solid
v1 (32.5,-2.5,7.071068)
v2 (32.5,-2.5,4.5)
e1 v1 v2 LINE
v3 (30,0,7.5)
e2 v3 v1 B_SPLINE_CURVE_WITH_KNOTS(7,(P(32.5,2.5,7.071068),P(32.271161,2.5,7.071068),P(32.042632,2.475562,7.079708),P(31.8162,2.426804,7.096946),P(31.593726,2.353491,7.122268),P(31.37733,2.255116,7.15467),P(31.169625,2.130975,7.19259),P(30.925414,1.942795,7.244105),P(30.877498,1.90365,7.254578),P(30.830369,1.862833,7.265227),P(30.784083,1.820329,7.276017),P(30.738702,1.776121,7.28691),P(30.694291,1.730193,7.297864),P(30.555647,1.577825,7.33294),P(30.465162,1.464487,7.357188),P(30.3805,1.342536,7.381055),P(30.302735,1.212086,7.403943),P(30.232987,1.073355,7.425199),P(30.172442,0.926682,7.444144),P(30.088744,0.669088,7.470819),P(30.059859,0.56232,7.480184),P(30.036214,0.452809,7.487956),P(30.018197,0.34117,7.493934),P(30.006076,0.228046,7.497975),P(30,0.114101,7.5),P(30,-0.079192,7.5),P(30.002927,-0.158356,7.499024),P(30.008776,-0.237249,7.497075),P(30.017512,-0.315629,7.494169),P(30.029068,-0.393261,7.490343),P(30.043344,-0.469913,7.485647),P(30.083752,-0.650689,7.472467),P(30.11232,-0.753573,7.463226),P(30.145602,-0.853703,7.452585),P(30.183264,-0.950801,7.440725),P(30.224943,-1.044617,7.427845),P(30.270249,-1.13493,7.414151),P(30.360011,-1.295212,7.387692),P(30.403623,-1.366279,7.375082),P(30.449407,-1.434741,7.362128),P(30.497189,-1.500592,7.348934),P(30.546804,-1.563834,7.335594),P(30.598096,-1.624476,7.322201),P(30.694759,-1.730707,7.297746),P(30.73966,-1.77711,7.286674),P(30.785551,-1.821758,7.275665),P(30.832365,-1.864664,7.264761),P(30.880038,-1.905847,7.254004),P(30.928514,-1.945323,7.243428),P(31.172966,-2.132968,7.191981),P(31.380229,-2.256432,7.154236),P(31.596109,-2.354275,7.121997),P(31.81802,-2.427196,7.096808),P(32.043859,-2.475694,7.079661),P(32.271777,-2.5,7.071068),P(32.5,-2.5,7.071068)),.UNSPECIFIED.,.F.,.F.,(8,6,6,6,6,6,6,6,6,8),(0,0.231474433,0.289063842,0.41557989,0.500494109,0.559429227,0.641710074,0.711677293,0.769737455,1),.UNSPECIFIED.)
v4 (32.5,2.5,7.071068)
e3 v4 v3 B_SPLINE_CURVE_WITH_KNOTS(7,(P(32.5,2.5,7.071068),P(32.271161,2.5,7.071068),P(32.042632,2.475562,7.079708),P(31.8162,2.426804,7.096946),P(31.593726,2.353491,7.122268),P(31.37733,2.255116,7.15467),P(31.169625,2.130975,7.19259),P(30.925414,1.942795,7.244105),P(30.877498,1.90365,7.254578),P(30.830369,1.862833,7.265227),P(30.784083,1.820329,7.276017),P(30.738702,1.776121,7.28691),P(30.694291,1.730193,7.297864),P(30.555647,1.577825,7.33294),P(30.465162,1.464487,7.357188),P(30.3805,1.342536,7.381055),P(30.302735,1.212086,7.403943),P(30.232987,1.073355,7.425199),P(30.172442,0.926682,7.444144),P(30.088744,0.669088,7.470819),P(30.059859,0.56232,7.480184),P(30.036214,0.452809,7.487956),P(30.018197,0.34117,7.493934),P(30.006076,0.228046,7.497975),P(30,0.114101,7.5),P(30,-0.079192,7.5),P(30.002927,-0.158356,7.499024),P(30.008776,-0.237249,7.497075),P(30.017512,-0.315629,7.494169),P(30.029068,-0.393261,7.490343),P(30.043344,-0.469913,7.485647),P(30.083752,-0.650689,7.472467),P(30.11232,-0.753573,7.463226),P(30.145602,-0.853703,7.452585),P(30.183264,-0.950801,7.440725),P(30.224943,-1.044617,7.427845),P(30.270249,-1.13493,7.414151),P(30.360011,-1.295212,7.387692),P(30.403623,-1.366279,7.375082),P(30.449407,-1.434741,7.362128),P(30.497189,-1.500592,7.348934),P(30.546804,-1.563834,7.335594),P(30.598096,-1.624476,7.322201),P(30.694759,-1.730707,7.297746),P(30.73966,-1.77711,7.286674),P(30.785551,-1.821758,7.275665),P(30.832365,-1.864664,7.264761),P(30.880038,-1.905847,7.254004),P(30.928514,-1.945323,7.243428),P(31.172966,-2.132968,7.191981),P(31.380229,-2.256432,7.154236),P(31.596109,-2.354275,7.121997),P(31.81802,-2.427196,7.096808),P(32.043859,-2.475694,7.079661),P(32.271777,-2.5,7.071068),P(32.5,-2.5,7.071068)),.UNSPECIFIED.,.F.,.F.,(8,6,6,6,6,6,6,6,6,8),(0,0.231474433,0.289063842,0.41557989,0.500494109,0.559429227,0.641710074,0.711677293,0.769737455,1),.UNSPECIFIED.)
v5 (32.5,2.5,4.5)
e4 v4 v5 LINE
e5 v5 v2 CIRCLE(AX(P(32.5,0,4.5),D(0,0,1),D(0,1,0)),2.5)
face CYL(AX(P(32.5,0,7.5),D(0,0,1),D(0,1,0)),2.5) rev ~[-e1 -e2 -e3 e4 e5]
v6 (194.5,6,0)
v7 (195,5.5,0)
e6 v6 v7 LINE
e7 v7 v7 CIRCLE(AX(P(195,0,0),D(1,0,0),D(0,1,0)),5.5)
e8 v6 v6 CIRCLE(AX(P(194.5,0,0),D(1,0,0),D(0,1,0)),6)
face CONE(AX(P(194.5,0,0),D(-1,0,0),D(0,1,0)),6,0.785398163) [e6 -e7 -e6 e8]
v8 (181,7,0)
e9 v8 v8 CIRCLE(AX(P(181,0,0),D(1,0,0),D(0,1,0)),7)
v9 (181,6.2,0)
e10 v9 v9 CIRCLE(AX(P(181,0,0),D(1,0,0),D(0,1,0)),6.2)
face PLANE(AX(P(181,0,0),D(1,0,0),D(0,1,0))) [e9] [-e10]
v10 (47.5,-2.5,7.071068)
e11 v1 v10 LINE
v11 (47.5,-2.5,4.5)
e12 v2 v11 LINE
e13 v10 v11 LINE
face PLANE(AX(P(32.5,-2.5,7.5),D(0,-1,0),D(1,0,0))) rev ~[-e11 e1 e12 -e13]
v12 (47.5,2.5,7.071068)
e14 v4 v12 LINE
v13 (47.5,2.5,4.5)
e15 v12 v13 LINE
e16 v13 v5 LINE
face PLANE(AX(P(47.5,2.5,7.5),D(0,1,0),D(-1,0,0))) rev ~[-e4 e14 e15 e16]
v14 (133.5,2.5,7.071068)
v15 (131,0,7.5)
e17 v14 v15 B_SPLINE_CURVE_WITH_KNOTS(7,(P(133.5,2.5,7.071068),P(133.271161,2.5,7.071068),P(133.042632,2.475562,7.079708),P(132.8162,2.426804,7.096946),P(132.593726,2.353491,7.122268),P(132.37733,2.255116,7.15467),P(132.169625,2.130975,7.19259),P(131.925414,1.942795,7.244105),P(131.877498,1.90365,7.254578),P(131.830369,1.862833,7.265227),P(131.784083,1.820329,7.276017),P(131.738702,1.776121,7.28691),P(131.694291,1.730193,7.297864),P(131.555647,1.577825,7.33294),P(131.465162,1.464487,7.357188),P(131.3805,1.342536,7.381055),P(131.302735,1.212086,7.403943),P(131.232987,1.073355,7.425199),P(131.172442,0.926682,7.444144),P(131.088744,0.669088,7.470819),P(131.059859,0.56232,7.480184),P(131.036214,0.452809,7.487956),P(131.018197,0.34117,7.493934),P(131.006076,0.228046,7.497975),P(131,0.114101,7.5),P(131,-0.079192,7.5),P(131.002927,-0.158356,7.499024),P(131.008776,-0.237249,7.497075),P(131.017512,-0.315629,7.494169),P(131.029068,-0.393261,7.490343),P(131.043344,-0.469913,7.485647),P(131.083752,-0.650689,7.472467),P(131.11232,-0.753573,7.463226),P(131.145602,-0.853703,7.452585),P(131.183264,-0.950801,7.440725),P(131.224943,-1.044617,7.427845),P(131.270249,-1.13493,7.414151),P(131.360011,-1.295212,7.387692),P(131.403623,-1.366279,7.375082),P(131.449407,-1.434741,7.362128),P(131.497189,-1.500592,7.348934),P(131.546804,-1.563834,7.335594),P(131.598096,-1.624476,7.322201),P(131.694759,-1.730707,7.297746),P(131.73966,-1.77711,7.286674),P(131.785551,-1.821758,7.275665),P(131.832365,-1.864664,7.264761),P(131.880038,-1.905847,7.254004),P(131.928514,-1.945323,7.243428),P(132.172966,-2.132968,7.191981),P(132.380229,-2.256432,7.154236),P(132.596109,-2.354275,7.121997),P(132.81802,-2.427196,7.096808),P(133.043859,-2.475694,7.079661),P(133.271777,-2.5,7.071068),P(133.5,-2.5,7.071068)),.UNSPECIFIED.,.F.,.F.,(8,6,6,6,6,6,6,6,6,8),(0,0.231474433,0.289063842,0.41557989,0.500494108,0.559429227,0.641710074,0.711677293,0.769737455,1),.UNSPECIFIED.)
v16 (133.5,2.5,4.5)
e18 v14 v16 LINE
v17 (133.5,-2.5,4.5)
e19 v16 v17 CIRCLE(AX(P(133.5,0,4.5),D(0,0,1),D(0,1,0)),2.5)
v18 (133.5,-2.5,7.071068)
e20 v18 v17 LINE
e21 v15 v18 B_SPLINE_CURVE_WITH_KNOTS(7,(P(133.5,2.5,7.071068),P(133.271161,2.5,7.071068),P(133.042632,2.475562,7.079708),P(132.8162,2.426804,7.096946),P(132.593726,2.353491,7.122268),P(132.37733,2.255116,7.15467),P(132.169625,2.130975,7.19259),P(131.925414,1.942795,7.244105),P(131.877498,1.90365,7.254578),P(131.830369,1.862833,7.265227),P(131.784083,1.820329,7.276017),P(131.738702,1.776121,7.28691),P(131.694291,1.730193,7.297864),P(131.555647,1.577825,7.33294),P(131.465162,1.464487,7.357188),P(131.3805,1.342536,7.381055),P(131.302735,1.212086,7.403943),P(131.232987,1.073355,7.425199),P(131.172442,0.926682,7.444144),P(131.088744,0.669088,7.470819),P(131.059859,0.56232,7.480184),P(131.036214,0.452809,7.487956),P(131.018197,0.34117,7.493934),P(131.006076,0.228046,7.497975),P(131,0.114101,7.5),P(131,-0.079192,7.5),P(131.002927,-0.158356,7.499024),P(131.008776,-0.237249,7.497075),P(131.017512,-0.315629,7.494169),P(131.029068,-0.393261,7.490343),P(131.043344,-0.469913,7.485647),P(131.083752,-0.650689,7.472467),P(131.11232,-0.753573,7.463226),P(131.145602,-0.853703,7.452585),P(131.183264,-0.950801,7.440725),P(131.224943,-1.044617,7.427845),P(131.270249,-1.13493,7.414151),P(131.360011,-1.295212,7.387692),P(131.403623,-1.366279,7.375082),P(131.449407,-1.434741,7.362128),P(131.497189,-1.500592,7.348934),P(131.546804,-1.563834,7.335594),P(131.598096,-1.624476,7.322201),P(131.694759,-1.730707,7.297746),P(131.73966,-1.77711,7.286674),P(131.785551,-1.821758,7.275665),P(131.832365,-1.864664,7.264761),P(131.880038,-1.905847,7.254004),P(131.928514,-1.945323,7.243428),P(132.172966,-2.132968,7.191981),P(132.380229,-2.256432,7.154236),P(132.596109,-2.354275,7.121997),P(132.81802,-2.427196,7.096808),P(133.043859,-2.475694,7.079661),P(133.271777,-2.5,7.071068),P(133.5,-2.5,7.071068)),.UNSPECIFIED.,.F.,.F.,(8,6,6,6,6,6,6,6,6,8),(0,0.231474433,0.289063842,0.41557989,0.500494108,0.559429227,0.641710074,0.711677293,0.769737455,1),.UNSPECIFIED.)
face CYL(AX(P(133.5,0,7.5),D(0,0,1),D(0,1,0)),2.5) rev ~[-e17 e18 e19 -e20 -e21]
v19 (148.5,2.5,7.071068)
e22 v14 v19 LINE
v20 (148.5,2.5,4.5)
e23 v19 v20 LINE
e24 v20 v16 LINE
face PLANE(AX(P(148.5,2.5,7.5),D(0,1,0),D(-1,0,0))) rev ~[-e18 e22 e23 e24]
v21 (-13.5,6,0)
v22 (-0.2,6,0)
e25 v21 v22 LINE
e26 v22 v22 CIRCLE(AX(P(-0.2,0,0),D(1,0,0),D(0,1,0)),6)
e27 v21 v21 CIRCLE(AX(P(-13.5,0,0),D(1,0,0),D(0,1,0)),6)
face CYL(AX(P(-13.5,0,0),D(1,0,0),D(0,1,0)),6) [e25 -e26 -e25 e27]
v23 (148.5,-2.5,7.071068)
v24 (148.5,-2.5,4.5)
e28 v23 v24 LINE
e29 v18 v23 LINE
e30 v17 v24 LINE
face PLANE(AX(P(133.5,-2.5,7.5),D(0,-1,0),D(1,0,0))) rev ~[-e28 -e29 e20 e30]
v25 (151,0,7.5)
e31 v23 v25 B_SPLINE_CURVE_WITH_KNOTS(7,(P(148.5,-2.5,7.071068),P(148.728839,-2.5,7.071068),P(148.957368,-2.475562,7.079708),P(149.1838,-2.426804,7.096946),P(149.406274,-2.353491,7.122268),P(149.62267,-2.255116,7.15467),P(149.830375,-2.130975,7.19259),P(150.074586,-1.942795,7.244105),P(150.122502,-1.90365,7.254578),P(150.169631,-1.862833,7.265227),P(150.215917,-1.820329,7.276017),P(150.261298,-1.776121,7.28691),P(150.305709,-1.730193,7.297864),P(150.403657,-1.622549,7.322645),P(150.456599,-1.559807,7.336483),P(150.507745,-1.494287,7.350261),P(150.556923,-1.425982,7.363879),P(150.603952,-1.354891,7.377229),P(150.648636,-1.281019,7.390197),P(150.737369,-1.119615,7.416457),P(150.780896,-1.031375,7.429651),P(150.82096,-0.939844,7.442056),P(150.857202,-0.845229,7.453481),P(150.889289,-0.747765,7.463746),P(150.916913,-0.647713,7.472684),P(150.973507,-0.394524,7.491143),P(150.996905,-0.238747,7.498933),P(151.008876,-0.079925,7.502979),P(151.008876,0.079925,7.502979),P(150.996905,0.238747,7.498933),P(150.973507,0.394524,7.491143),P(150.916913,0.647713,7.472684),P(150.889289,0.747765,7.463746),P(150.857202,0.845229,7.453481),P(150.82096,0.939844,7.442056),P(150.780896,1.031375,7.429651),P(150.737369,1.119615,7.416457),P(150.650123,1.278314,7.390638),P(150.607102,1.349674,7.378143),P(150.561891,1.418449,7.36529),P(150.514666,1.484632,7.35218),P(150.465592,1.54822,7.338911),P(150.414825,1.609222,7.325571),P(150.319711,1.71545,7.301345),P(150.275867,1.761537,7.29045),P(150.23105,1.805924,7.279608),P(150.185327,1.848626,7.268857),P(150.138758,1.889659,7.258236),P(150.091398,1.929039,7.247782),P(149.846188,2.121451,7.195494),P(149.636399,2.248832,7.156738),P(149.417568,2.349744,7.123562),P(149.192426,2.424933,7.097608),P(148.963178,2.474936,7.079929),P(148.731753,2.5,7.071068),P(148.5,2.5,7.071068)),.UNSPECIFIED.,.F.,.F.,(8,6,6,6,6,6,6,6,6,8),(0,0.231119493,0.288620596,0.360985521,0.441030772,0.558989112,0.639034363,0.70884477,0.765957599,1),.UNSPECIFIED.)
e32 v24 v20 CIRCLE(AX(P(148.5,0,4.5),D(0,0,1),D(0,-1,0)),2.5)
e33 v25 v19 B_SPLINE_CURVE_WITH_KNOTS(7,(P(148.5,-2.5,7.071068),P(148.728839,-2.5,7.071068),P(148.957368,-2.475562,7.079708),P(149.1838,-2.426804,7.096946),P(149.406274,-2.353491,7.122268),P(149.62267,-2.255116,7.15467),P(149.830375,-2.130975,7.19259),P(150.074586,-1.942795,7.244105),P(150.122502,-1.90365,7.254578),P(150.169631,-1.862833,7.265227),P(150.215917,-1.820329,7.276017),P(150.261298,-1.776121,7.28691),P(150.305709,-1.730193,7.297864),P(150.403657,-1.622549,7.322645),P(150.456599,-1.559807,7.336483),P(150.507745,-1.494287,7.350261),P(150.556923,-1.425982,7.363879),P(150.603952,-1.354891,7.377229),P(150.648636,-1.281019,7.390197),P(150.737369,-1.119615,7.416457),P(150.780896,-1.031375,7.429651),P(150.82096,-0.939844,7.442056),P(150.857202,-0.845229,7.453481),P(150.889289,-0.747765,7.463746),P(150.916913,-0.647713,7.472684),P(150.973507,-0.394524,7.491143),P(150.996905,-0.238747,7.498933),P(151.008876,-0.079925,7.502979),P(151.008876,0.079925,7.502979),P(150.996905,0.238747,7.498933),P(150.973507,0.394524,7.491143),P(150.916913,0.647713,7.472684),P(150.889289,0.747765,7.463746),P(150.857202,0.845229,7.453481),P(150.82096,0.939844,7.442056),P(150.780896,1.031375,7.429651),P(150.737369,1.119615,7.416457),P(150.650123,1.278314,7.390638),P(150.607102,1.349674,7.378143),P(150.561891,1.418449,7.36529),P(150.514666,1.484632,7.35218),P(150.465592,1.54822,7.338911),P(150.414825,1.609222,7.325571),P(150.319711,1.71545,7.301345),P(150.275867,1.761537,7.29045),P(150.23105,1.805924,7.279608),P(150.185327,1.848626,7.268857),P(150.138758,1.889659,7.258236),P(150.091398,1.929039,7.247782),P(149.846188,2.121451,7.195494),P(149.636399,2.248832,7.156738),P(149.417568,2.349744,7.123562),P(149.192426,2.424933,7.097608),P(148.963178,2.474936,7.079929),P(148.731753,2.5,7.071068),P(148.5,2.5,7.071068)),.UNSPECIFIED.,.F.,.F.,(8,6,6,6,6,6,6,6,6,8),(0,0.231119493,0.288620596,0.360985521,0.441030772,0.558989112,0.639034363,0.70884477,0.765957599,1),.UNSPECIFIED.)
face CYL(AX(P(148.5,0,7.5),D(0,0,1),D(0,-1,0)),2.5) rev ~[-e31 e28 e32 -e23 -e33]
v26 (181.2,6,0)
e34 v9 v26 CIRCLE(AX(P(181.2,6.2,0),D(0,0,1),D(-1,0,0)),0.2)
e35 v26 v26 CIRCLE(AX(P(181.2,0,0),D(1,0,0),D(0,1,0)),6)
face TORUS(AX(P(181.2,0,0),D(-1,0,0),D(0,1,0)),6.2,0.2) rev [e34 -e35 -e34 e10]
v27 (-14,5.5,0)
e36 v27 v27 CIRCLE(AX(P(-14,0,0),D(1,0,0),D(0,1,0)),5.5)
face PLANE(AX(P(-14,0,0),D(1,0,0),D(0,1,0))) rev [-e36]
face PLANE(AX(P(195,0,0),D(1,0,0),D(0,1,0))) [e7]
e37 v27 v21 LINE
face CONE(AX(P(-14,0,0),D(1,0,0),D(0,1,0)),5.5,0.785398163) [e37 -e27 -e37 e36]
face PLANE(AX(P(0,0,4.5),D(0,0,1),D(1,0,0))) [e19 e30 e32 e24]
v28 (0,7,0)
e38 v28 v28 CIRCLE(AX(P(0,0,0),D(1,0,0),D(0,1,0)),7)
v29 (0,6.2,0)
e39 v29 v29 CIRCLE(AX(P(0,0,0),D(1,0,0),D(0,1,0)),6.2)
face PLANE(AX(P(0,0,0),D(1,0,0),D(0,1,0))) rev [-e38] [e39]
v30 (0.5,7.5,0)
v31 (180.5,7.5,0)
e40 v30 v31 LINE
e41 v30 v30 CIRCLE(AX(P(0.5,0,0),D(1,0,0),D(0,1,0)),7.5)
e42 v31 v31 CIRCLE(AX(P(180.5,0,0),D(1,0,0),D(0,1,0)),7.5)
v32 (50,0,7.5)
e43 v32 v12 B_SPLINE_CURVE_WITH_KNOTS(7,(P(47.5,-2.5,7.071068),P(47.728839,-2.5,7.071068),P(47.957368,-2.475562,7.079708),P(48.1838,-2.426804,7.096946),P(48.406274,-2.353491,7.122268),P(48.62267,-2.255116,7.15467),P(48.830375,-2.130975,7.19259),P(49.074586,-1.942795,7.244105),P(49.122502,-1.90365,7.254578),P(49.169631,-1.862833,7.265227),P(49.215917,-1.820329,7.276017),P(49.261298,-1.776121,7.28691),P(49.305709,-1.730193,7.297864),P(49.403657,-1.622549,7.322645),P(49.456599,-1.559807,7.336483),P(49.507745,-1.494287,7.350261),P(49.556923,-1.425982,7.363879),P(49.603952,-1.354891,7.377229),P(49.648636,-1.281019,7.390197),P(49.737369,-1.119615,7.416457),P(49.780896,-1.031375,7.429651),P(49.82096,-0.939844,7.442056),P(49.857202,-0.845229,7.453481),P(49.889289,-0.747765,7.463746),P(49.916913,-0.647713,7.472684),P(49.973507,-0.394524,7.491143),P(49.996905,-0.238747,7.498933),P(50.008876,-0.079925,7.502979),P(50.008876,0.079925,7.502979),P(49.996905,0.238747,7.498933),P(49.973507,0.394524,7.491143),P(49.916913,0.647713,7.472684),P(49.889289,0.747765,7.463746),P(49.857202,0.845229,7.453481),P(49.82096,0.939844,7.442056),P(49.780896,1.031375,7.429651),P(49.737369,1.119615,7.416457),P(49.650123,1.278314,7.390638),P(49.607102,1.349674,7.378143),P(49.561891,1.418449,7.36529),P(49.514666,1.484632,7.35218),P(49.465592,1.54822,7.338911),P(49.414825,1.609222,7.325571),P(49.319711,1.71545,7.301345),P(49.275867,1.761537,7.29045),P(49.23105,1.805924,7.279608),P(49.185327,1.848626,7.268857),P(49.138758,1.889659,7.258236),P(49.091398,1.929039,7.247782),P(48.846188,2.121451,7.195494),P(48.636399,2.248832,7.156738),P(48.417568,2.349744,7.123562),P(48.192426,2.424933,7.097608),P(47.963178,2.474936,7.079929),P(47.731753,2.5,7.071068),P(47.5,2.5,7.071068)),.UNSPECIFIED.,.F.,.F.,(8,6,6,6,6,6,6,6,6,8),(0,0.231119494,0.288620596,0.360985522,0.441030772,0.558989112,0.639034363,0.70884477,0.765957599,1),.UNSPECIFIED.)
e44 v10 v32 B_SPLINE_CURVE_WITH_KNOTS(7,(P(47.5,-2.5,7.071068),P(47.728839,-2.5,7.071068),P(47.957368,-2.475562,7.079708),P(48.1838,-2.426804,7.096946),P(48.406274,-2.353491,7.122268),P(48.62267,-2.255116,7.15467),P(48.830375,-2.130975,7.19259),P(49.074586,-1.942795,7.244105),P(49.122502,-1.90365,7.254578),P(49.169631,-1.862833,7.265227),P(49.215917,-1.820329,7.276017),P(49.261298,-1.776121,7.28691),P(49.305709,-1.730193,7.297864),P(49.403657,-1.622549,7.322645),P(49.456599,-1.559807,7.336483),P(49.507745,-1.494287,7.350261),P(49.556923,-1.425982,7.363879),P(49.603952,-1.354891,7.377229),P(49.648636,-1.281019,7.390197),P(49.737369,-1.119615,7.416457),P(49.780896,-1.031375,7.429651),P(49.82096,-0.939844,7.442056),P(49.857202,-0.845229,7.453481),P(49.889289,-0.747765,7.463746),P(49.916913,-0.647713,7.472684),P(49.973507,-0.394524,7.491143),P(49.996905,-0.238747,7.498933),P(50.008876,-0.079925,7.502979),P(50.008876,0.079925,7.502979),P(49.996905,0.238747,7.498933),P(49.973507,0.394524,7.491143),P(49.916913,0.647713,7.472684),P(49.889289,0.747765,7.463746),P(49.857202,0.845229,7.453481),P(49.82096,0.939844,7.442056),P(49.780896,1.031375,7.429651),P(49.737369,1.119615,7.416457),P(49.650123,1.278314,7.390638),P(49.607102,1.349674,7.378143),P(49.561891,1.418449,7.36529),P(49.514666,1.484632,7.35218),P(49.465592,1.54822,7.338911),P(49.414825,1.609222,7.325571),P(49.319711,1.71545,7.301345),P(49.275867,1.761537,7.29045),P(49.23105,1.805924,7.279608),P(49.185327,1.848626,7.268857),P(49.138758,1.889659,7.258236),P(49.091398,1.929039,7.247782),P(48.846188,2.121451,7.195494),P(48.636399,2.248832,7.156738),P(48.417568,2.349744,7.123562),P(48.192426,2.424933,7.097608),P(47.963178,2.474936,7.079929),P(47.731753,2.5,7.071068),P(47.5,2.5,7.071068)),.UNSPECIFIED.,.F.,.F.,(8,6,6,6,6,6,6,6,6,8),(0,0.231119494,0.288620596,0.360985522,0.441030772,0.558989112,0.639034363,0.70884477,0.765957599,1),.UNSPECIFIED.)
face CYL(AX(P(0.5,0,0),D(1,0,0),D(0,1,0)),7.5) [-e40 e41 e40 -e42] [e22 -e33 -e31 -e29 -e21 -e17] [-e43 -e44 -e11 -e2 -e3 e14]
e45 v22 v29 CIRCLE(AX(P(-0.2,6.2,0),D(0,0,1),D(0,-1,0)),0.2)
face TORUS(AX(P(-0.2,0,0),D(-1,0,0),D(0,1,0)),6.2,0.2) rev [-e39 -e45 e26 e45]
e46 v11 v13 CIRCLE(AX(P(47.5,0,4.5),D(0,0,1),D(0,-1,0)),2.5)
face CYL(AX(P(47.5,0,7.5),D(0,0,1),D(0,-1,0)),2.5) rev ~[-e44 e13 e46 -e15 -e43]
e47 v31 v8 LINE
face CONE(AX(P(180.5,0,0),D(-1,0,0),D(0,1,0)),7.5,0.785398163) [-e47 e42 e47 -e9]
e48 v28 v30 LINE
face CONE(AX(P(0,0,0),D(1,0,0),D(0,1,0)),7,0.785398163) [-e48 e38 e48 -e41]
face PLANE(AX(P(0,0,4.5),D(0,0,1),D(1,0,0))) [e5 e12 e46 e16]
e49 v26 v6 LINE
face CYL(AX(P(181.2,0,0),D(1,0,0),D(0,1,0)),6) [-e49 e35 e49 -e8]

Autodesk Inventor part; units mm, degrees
ref_plane "YZ Plane" through (0, 0, 0) normal (1, 0, 0) x (0, 1, 0)
ref_plane "XZ Plane" through (0, 0, 0) normal (0, 1, 0) x (-1, 0, 0)
ref_plane "XY Plane" through (0, 0, 0) normal (0, 0, 1) x (1, 0, 0)
sketch "Sketch_1" plane through (0, 0, 0) normal (0, 0, 1) x (1, 0, 0)
  line L0 (195, 0) -> (-14, 0)
  line L1 (-14, 0) -> (-14, 5.5)
  line L2 (-14, 5.5) -> (-13.5, 6)
  line L3 (-13.5, 6) -> (-0.2, 6)
  arc A0 (-0.2, 6) -> (0, 6.2) centre (-0.2, 6.2) ccw
  line L4 (0, 6.2) -> (0, 7)
  line L5 (0, 7) -> (0.5, 7.5)
  line L6 (0.5, 7.5) -> (180.5, 7.5)
  line L7 (180.5, 7.5) -> (181, 7)
  line L8 (181, 7) -> (181, 6.2)
  arc A1 (181, 6.2) -> (181.2, 6) centre (181.2, 6.2) ccw
  line L9 (181.2, 6) -> (194.5, 6)
  line L10 (194.5, 6) -> (195, 5.5)
  line L11 (195, 5.5) -> (195, 0)
  line L12 (195, 0) -> (-14, 0)
revolve "Revolution1" add sketch "Sketch_1" angle 360 about axis through (195, 0, 0) along (1, 0, 0)
sketch "_____2" plane through (0, 0, 7.5) normal (0, 0, 1) x (1, 0, 0)
  arc A0 (32.5, 2.5) -> (32.5, -2.5) centre (32.5, 0) ccw
  line L0 (32.5, -2.5) -> (47.5, -2.5)
  arc A1 (47.5, -2.5) -> (47.5, 2.5) centre (47.5, 0) ccw
  line L1 (47.5, 2.5) -> (32.5, 2.5)
extrude "Extrusion1" cut sketch "_____2" against normal blind 3
sketch "_____6" plane through (0, 0, 7.5) normal (0, 0, 1) x (1, 0, 0)
  arc A0 (133.5, 2.5) -> (133.5, -2.5) centre (133.5, 0) ccw
  line L0 (133.5, -2.5) -> (148.5, -2.5)
  arc A1 (148.5, -2.5) -> (148.5, 2.5) centre (148.5, 0) ccw
  line L1 (148.5, 2.5) -> (133.5, 2.5)
extrude "Extrusion2" cut sketch "_____6" against normal blind 3
properties part number "NSFRQ15-181-F14-P12-T14-Q12-WKC30-C20-K30-E20_s"
